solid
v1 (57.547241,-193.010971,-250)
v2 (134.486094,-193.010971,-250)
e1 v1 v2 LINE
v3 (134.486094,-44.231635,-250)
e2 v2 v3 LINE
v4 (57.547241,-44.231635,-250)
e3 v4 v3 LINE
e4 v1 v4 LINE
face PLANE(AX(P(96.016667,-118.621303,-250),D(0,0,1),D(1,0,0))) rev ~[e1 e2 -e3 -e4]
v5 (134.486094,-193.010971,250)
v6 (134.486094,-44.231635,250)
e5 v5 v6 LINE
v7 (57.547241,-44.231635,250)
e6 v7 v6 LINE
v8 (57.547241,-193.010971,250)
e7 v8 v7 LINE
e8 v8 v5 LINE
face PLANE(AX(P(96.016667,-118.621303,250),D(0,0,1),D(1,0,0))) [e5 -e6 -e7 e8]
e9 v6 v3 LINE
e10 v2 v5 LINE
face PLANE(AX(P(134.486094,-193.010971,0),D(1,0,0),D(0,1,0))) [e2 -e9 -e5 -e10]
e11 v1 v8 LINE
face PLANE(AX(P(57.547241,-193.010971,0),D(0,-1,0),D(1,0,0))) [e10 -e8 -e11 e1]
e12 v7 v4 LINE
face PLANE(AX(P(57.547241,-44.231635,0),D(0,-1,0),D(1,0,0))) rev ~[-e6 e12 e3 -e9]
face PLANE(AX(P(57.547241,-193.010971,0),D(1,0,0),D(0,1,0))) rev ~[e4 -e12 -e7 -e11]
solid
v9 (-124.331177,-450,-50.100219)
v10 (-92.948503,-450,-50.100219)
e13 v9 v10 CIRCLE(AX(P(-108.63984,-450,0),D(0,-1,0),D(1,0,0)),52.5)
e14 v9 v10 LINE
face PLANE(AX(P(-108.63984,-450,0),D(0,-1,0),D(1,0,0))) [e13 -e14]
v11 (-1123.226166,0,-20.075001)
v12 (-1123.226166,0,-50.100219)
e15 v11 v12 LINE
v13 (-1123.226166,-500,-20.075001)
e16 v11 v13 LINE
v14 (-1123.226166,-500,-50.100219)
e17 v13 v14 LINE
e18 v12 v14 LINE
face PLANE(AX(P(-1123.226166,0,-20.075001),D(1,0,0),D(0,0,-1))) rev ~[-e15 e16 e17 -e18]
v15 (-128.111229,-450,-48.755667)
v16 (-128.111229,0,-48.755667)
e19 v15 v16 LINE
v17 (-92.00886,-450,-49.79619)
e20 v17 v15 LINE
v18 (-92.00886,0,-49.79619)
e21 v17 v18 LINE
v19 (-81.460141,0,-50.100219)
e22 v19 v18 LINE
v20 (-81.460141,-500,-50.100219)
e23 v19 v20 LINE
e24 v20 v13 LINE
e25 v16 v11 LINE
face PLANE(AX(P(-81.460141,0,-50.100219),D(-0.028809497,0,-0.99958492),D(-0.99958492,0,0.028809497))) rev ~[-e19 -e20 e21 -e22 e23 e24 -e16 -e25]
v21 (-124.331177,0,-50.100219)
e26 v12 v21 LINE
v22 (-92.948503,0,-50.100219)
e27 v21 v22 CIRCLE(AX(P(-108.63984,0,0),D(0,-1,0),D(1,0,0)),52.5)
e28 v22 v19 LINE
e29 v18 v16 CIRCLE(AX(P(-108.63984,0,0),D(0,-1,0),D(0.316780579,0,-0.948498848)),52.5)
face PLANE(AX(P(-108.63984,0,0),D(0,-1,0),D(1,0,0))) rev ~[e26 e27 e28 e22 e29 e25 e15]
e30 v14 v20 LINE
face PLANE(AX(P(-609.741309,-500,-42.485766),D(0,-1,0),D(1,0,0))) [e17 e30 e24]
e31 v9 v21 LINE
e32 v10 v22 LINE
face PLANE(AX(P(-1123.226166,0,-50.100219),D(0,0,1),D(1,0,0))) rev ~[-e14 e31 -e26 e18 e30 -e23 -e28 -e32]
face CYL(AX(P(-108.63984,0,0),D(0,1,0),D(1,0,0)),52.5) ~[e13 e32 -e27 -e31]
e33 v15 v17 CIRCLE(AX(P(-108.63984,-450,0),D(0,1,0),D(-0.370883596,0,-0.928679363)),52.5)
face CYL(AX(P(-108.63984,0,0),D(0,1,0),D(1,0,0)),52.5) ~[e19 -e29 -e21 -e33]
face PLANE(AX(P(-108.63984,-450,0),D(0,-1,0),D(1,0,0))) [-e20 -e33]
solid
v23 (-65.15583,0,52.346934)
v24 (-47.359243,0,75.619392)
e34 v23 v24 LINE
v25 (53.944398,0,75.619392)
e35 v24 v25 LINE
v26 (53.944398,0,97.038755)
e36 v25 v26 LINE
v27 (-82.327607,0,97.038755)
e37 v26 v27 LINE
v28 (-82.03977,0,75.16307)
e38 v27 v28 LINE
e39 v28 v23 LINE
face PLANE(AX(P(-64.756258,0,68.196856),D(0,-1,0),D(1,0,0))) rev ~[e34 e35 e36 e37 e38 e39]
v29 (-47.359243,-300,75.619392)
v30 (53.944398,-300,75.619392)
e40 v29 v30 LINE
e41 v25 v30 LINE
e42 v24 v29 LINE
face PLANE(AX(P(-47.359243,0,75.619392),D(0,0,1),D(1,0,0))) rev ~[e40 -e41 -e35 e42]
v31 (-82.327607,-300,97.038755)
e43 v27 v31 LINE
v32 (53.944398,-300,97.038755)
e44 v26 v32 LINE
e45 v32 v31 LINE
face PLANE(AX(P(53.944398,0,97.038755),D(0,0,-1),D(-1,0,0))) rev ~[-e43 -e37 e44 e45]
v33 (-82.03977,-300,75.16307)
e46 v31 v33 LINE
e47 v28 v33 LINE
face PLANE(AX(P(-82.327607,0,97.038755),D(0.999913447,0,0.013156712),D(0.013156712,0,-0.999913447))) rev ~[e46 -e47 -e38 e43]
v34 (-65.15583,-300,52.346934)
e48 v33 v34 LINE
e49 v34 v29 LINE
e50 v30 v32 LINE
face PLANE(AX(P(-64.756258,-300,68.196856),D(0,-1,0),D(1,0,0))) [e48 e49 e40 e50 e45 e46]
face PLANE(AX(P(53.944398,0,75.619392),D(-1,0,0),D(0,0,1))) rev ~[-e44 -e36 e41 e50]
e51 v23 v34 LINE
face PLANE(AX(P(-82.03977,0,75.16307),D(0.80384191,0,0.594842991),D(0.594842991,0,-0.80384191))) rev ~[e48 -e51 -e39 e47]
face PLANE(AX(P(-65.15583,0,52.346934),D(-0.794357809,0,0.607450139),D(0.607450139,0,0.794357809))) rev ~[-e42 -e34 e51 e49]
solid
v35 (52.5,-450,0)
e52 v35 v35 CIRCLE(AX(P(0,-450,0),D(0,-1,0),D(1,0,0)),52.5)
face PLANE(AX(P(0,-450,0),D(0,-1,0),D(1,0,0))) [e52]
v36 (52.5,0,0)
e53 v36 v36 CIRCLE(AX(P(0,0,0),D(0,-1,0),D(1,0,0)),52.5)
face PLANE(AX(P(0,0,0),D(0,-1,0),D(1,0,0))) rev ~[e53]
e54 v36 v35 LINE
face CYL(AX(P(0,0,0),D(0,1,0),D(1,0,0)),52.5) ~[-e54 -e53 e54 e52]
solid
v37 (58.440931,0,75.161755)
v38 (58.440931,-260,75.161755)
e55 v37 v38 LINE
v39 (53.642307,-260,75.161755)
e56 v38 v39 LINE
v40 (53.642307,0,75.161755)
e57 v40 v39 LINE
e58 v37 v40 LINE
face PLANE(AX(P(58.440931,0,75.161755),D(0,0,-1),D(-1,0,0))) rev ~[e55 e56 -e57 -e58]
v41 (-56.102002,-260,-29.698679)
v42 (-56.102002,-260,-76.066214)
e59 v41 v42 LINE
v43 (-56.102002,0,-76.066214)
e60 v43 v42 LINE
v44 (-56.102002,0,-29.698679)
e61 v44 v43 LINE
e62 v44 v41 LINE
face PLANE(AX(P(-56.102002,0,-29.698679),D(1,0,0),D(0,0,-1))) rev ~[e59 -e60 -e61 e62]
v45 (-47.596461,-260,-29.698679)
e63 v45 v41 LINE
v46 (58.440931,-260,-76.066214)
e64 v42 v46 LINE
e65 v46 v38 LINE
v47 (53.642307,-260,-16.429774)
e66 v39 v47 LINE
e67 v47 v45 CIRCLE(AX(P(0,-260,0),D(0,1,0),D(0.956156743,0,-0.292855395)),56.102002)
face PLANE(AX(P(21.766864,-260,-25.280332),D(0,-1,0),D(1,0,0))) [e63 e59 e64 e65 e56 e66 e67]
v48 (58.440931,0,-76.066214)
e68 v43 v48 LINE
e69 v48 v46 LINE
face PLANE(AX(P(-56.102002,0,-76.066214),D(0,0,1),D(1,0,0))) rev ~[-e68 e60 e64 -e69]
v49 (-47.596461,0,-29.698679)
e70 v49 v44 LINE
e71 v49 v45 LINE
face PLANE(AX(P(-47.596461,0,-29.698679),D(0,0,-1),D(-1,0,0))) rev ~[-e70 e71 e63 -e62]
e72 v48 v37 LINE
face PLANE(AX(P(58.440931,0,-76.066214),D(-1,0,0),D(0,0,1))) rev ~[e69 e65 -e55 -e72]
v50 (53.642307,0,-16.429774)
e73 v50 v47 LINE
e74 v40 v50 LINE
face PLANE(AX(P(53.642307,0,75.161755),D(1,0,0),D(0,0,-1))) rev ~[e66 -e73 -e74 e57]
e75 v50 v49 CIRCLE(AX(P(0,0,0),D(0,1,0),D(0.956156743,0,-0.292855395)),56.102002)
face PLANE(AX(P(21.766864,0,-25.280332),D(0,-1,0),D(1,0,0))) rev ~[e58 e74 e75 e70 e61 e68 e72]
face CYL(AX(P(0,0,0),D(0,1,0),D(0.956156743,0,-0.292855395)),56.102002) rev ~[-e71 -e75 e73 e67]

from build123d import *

# Parameters (mm, degrees)
F0_R      = 52.5
F1_DEPTH  = 450
F3_DEPTH  = 260
F4_W      = 76.938853
F4_H      = 148.779336
F5_DEPTH  = 250
F7_DEPTH  = 500
F8_R      = 52.5
F9_DEPTH  = 450
F11_DEPTH = 300


with BuildPart() as f1:
    # F0 (on Front) → F1 (new body)
    with BuildSketch(Plane.XZ):
        Circle(F0_R)
    extrude(amount=F1_DEPTH)


with BuildPart() as f3:
    # F2 (on Front) → F3 (new body)
    with BuildSketch(Plane.XZ):
        with BuildLine():
            Line((-56.102002, -29.698679), (-56.102002, -76.066214))
            Line((-56.102002, -76.066214), (51.897998, -76.066214))
            Line((51.897998, -76.066214), (58.440931, -76.066214))
            Line((58.440931, -76.066214), (58.440931, 74.002035))
            Line((58.440931, 74.002035), (58.440931, 75.161755))
            Line((58.440931, 75.161755), (53.642307, 75.161755))
            Line((53.642307, 75.161755), (53.642307, -16.429774))
            ThreePointArc((53.642307, -16.429774), (7.290681, -55.626258), (-47.596461, -29.698679))
            Line((-47.596461, -29.698679), (-51.849231, -29.698679))
            Line((-51.849231, -29.698679), (-56.102002, -29.698679))
        make_face()
    extrude(amount=F3_DEPTH)


with BuildPart() as f5:
    # F4 (on Top) → F5 (new body, symmetric)
    with BuildSketch(Plane.XY):
        with Locations((96.016667, -118.621303)):
            Rectangle(F4_W, F4_H)
    extrude(amount=F5_DEPTH, both=True)


with BuildPart() as f7:
    # F6 (on Front) → F7 (new body)
    with BuildSketch(Plane.XZ):
        Polygon((-1123.226166, -50.100219), (-81.460141, -50.100219), (-1123.226166, -20.075001), align=None)
    extrude(amount=F7_DEPTH)

    # F8 (on Front) → F9 (join)
    with BuildSketch(Plane.XZ):
        with Locations((-108.63984, 0)):
            Circle(F8_R)
    extrude(amount=F9_DEPTH)


with BuildPart() as f11:
    # F10 (on Front) → F11 (new body)
    with BuildSketch(Plane.XZ):
        Polygon((-47.359243, 75.619392), (-82.03977, 75.16307), (-65.15583, 52.346934), align=None)
        Polygon((-82.327607, 97.038755), (-82.03977, 75.16307), (-47.359243, 75.619392), (53.944398, 75.619392), (53.944398, 97.038755), align=None)
    extrude(amount=F11_DEPTH)


solid = Compound([f1.part, f3.part, f5.part, f7.part, f11.part])
